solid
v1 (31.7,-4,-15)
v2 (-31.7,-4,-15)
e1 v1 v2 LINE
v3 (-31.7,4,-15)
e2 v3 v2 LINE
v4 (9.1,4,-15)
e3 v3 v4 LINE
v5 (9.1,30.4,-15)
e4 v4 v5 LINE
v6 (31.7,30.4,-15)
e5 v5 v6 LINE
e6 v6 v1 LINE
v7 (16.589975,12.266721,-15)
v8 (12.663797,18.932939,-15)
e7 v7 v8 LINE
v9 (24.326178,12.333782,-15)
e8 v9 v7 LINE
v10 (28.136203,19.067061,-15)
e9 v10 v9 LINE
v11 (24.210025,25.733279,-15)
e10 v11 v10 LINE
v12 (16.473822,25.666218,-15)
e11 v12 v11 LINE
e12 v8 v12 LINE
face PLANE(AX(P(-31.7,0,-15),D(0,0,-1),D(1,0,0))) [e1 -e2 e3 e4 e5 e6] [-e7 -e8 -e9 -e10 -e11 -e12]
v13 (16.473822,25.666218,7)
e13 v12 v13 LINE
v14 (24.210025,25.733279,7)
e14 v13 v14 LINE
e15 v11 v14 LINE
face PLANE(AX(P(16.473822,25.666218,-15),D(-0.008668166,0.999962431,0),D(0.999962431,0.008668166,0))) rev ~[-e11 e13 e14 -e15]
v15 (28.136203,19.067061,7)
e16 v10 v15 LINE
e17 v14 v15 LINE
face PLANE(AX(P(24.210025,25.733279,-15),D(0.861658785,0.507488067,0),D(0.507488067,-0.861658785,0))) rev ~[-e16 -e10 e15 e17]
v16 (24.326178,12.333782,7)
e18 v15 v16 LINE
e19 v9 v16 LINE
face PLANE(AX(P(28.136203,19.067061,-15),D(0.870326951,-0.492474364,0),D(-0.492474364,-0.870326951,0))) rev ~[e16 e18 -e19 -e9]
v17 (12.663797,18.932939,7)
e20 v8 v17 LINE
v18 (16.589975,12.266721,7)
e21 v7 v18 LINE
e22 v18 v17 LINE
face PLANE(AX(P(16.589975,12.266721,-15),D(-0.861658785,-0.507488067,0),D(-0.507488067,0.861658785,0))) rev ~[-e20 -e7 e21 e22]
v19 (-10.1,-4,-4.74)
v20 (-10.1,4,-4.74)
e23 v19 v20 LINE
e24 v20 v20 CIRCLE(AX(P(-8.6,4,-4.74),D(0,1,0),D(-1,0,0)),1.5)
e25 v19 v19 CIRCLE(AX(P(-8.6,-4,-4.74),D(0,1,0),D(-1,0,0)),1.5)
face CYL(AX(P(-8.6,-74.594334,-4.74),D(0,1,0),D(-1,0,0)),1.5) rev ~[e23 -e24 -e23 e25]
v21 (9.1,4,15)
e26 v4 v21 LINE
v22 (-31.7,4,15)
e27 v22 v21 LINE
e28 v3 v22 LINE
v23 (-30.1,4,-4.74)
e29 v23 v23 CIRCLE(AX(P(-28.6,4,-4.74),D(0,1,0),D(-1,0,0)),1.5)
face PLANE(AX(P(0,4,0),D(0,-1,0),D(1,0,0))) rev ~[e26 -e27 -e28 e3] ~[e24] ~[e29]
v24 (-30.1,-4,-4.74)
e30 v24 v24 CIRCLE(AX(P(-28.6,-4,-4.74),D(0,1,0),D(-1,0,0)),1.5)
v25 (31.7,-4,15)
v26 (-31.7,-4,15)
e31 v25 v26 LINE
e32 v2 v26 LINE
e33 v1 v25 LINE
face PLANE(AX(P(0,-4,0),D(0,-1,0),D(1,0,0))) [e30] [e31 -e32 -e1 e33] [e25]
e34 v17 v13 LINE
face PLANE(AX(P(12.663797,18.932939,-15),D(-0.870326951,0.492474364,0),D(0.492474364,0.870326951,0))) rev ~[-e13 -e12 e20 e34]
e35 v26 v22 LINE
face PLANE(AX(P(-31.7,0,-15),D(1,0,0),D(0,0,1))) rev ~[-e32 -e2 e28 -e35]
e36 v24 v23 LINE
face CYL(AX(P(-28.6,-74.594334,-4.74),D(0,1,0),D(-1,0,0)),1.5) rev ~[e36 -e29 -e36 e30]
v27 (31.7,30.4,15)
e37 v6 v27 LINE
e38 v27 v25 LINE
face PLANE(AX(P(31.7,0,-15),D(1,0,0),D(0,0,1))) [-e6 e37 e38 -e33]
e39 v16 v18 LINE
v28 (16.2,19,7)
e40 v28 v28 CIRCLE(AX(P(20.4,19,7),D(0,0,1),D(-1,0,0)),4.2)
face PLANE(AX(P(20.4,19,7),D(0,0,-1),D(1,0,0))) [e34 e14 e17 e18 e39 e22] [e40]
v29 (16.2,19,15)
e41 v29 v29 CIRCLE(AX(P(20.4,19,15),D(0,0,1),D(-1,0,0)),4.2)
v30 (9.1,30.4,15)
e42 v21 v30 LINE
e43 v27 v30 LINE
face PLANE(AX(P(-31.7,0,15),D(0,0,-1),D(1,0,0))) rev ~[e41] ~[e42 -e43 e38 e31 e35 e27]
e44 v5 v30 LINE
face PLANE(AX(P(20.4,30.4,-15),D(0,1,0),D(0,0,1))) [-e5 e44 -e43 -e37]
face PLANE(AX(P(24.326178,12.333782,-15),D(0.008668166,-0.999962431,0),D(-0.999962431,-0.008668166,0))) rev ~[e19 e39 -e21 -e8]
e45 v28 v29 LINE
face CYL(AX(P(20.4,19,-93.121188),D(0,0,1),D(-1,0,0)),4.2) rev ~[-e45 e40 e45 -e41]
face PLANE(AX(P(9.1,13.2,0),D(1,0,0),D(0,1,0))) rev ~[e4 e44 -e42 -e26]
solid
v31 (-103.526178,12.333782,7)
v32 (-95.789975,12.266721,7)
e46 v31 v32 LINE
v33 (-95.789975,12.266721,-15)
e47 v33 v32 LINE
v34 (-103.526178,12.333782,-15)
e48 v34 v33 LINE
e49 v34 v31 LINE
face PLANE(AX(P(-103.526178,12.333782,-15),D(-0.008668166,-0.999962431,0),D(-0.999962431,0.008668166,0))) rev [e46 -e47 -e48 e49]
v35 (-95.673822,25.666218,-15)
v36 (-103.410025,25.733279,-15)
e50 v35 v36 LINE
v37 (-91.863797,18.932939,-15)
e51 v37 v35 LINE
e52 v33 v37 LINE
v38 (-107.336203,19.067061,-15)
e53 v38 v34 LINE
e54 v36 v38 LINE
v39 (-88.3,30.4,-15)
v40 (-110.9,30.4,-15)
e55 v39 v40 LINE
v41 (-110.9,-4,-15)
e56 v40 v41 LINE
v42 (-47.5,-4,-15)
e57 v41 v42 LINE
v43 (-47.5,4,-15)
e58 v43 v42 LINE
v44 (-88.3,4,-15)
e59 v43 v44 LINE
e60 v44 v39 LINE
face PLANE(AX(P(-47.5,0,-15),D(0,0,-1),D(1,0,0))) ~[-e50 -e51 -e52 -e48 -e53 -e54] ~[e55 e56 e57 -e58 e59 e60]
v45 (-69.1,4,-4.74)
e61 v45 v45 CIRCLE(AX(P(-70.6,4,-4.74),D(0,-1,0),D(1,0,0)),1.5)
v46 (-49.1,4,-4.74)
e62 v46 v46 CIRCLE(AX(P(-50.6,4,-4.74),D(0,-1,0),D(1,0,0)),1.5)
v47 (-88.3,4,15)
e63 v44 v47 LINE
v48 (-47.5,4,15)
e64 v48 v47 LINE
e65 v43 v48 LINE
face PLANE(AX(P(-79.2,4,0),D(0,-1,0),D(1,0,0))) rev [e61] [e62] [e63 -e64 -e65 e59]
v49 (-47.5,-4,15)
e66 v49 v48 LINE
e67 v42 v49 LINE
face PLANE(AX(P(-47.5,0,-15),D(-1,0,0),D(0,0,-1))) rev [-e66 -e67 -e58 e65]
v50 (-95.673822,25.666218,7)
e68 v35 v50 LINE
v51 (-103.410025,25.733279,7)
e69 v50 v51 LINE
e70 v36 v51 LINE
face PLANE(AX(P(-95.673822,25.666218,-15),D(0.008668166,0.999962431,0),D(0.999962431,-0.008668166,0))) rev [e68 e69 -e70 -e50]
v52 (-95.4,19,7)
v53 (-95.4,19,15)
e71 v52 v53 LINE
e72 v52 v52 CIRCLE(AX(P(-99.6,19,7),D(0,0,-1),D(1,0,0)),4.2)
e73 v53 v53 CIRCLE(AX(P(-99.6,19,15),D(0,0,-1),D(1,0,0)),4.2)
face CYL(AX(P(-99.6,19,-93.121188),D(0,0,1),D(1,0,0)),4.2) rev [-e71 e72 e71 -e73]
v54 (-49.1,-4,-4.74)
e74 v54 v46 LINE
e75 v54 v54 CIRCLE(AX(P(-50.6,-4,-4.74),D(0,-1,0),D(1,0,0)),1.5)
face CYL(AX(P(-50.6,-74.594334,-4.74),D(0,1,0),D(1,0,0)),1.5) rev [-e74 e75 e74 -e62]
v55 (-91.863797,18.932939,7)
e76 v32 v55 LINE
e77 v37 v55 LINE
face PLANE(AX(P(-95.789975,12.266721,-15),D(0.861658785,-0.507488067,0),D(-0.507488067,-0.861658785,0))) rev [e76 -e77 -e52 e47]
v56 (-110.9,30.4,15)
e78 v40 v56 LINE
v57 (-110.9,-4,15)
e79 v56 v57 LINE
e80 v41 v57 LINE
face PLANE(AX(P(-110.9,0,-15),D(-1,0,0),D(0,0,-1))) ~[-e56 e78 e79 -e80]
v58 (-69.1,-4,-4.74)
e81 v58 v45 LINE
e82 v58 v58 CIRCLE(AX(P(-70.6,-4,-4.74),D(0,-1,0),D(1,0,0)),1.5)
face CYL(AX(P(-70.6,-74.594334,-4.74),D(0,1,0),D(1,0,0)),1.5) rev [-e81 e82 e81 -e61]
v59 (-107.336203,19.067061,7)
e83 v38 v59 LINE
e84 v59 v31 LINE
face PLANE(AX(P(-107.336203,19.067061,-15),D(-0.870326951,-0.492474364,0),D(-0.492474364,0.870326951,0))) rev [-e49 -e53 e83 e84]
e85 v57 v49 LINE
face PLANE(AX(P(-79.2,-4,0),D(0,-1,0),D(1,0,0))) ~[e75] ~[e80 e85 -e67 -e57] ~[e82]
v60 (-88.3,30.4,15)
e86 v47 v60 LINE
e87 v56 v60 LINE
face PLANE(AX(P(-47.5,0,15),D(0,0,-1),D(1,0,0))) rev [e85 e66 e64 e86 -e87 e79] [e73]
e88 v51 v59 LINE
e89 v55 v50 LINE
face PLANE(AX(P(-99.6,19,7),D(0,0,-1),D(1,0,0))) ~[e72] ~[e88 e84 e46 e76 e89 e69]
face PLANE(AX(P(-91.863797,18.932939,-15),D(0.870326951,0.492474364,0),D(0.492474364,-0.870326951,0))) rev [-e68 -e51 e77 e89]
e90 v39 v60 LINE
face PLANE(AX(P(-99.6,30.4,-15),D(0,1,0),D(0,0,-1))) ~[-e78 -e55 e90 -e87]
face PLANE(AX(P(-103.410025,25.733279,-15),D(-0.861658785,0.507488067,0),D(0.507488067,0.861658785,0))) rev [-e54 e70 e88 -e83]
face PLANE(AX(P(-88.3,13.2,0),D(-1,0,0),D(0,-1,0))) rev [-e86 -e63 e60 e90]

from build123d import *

# Parameters (mm, degrees)
F0_W      = 63.4
F0_H      = 30
F1_DEPTH  = 4
F3_D      = 3
F5_W      = 34.4
F5_H      = 30
F6_DEPTH  = 11.3
F10_D     = 8.4
F11_R     = 4.2
F12_DEPTH = 22


with BuildPart() as f1:
    # F0 (on Front) → F1 (new body, symmetric)
    with BuildSketch(Plane.XZ):
        Rectangle(F0_W, F0_H)
    extrude(amount=F1_DEPTH, both=True)

    # F3 (through all)
    with Locations(Plane.XZ.offset(4)):
        with Locations((-28.6, -4.74), (-8.6, -4.74)):
            Hole(F3_D / 2)

    # F5 (on plane+point) → F6 (join, symmetric)
    with BuildSketch(Plane.YZ.offset(20.4)):
        with Locations((13.2, 0)):
            Rectangle(F5_W, F5_H)
    extrude(amount=F6_DEPTH, both=True)

    # F10 (through all)
    with Locations(Plane(origin=(0, 0, -15), x_dir=(1, 0, 0), z_dir=(0, 0, -1))):
        with Locations((20.4, -19)):
            Hole(F10_D / 2)

    # F11 (on face) → F12 (cut)
    with BuildSketch(Plane(origin=(0, 0, -15), x_dir=(1, 0, 0), z_dir=(0, 0, -1))):
        Polygon((12.6637970472, -18.9329387911), (16.4738218131, -25.6662176815), (24.2100247659, -25.7332788904), (28.1362029528, -19.0670612089), (24.3261781869, -12.3337823185), (16.5899752341, -12.2667211096), align=None)
        with Locations((20.4, -19)):
            Circle(F11_R, mode=Mode.SUBTRACT)
    extrude(amount=-F12_DEPTH, mode=Mode.SUBTRACT)


with BuildPart() as f14_1:
    # F14: instance of F1
    add(f1.part.mirror(Plane.YZ.offset(-39.6)))


solid = Compound([f1.part, f14_1.part])
